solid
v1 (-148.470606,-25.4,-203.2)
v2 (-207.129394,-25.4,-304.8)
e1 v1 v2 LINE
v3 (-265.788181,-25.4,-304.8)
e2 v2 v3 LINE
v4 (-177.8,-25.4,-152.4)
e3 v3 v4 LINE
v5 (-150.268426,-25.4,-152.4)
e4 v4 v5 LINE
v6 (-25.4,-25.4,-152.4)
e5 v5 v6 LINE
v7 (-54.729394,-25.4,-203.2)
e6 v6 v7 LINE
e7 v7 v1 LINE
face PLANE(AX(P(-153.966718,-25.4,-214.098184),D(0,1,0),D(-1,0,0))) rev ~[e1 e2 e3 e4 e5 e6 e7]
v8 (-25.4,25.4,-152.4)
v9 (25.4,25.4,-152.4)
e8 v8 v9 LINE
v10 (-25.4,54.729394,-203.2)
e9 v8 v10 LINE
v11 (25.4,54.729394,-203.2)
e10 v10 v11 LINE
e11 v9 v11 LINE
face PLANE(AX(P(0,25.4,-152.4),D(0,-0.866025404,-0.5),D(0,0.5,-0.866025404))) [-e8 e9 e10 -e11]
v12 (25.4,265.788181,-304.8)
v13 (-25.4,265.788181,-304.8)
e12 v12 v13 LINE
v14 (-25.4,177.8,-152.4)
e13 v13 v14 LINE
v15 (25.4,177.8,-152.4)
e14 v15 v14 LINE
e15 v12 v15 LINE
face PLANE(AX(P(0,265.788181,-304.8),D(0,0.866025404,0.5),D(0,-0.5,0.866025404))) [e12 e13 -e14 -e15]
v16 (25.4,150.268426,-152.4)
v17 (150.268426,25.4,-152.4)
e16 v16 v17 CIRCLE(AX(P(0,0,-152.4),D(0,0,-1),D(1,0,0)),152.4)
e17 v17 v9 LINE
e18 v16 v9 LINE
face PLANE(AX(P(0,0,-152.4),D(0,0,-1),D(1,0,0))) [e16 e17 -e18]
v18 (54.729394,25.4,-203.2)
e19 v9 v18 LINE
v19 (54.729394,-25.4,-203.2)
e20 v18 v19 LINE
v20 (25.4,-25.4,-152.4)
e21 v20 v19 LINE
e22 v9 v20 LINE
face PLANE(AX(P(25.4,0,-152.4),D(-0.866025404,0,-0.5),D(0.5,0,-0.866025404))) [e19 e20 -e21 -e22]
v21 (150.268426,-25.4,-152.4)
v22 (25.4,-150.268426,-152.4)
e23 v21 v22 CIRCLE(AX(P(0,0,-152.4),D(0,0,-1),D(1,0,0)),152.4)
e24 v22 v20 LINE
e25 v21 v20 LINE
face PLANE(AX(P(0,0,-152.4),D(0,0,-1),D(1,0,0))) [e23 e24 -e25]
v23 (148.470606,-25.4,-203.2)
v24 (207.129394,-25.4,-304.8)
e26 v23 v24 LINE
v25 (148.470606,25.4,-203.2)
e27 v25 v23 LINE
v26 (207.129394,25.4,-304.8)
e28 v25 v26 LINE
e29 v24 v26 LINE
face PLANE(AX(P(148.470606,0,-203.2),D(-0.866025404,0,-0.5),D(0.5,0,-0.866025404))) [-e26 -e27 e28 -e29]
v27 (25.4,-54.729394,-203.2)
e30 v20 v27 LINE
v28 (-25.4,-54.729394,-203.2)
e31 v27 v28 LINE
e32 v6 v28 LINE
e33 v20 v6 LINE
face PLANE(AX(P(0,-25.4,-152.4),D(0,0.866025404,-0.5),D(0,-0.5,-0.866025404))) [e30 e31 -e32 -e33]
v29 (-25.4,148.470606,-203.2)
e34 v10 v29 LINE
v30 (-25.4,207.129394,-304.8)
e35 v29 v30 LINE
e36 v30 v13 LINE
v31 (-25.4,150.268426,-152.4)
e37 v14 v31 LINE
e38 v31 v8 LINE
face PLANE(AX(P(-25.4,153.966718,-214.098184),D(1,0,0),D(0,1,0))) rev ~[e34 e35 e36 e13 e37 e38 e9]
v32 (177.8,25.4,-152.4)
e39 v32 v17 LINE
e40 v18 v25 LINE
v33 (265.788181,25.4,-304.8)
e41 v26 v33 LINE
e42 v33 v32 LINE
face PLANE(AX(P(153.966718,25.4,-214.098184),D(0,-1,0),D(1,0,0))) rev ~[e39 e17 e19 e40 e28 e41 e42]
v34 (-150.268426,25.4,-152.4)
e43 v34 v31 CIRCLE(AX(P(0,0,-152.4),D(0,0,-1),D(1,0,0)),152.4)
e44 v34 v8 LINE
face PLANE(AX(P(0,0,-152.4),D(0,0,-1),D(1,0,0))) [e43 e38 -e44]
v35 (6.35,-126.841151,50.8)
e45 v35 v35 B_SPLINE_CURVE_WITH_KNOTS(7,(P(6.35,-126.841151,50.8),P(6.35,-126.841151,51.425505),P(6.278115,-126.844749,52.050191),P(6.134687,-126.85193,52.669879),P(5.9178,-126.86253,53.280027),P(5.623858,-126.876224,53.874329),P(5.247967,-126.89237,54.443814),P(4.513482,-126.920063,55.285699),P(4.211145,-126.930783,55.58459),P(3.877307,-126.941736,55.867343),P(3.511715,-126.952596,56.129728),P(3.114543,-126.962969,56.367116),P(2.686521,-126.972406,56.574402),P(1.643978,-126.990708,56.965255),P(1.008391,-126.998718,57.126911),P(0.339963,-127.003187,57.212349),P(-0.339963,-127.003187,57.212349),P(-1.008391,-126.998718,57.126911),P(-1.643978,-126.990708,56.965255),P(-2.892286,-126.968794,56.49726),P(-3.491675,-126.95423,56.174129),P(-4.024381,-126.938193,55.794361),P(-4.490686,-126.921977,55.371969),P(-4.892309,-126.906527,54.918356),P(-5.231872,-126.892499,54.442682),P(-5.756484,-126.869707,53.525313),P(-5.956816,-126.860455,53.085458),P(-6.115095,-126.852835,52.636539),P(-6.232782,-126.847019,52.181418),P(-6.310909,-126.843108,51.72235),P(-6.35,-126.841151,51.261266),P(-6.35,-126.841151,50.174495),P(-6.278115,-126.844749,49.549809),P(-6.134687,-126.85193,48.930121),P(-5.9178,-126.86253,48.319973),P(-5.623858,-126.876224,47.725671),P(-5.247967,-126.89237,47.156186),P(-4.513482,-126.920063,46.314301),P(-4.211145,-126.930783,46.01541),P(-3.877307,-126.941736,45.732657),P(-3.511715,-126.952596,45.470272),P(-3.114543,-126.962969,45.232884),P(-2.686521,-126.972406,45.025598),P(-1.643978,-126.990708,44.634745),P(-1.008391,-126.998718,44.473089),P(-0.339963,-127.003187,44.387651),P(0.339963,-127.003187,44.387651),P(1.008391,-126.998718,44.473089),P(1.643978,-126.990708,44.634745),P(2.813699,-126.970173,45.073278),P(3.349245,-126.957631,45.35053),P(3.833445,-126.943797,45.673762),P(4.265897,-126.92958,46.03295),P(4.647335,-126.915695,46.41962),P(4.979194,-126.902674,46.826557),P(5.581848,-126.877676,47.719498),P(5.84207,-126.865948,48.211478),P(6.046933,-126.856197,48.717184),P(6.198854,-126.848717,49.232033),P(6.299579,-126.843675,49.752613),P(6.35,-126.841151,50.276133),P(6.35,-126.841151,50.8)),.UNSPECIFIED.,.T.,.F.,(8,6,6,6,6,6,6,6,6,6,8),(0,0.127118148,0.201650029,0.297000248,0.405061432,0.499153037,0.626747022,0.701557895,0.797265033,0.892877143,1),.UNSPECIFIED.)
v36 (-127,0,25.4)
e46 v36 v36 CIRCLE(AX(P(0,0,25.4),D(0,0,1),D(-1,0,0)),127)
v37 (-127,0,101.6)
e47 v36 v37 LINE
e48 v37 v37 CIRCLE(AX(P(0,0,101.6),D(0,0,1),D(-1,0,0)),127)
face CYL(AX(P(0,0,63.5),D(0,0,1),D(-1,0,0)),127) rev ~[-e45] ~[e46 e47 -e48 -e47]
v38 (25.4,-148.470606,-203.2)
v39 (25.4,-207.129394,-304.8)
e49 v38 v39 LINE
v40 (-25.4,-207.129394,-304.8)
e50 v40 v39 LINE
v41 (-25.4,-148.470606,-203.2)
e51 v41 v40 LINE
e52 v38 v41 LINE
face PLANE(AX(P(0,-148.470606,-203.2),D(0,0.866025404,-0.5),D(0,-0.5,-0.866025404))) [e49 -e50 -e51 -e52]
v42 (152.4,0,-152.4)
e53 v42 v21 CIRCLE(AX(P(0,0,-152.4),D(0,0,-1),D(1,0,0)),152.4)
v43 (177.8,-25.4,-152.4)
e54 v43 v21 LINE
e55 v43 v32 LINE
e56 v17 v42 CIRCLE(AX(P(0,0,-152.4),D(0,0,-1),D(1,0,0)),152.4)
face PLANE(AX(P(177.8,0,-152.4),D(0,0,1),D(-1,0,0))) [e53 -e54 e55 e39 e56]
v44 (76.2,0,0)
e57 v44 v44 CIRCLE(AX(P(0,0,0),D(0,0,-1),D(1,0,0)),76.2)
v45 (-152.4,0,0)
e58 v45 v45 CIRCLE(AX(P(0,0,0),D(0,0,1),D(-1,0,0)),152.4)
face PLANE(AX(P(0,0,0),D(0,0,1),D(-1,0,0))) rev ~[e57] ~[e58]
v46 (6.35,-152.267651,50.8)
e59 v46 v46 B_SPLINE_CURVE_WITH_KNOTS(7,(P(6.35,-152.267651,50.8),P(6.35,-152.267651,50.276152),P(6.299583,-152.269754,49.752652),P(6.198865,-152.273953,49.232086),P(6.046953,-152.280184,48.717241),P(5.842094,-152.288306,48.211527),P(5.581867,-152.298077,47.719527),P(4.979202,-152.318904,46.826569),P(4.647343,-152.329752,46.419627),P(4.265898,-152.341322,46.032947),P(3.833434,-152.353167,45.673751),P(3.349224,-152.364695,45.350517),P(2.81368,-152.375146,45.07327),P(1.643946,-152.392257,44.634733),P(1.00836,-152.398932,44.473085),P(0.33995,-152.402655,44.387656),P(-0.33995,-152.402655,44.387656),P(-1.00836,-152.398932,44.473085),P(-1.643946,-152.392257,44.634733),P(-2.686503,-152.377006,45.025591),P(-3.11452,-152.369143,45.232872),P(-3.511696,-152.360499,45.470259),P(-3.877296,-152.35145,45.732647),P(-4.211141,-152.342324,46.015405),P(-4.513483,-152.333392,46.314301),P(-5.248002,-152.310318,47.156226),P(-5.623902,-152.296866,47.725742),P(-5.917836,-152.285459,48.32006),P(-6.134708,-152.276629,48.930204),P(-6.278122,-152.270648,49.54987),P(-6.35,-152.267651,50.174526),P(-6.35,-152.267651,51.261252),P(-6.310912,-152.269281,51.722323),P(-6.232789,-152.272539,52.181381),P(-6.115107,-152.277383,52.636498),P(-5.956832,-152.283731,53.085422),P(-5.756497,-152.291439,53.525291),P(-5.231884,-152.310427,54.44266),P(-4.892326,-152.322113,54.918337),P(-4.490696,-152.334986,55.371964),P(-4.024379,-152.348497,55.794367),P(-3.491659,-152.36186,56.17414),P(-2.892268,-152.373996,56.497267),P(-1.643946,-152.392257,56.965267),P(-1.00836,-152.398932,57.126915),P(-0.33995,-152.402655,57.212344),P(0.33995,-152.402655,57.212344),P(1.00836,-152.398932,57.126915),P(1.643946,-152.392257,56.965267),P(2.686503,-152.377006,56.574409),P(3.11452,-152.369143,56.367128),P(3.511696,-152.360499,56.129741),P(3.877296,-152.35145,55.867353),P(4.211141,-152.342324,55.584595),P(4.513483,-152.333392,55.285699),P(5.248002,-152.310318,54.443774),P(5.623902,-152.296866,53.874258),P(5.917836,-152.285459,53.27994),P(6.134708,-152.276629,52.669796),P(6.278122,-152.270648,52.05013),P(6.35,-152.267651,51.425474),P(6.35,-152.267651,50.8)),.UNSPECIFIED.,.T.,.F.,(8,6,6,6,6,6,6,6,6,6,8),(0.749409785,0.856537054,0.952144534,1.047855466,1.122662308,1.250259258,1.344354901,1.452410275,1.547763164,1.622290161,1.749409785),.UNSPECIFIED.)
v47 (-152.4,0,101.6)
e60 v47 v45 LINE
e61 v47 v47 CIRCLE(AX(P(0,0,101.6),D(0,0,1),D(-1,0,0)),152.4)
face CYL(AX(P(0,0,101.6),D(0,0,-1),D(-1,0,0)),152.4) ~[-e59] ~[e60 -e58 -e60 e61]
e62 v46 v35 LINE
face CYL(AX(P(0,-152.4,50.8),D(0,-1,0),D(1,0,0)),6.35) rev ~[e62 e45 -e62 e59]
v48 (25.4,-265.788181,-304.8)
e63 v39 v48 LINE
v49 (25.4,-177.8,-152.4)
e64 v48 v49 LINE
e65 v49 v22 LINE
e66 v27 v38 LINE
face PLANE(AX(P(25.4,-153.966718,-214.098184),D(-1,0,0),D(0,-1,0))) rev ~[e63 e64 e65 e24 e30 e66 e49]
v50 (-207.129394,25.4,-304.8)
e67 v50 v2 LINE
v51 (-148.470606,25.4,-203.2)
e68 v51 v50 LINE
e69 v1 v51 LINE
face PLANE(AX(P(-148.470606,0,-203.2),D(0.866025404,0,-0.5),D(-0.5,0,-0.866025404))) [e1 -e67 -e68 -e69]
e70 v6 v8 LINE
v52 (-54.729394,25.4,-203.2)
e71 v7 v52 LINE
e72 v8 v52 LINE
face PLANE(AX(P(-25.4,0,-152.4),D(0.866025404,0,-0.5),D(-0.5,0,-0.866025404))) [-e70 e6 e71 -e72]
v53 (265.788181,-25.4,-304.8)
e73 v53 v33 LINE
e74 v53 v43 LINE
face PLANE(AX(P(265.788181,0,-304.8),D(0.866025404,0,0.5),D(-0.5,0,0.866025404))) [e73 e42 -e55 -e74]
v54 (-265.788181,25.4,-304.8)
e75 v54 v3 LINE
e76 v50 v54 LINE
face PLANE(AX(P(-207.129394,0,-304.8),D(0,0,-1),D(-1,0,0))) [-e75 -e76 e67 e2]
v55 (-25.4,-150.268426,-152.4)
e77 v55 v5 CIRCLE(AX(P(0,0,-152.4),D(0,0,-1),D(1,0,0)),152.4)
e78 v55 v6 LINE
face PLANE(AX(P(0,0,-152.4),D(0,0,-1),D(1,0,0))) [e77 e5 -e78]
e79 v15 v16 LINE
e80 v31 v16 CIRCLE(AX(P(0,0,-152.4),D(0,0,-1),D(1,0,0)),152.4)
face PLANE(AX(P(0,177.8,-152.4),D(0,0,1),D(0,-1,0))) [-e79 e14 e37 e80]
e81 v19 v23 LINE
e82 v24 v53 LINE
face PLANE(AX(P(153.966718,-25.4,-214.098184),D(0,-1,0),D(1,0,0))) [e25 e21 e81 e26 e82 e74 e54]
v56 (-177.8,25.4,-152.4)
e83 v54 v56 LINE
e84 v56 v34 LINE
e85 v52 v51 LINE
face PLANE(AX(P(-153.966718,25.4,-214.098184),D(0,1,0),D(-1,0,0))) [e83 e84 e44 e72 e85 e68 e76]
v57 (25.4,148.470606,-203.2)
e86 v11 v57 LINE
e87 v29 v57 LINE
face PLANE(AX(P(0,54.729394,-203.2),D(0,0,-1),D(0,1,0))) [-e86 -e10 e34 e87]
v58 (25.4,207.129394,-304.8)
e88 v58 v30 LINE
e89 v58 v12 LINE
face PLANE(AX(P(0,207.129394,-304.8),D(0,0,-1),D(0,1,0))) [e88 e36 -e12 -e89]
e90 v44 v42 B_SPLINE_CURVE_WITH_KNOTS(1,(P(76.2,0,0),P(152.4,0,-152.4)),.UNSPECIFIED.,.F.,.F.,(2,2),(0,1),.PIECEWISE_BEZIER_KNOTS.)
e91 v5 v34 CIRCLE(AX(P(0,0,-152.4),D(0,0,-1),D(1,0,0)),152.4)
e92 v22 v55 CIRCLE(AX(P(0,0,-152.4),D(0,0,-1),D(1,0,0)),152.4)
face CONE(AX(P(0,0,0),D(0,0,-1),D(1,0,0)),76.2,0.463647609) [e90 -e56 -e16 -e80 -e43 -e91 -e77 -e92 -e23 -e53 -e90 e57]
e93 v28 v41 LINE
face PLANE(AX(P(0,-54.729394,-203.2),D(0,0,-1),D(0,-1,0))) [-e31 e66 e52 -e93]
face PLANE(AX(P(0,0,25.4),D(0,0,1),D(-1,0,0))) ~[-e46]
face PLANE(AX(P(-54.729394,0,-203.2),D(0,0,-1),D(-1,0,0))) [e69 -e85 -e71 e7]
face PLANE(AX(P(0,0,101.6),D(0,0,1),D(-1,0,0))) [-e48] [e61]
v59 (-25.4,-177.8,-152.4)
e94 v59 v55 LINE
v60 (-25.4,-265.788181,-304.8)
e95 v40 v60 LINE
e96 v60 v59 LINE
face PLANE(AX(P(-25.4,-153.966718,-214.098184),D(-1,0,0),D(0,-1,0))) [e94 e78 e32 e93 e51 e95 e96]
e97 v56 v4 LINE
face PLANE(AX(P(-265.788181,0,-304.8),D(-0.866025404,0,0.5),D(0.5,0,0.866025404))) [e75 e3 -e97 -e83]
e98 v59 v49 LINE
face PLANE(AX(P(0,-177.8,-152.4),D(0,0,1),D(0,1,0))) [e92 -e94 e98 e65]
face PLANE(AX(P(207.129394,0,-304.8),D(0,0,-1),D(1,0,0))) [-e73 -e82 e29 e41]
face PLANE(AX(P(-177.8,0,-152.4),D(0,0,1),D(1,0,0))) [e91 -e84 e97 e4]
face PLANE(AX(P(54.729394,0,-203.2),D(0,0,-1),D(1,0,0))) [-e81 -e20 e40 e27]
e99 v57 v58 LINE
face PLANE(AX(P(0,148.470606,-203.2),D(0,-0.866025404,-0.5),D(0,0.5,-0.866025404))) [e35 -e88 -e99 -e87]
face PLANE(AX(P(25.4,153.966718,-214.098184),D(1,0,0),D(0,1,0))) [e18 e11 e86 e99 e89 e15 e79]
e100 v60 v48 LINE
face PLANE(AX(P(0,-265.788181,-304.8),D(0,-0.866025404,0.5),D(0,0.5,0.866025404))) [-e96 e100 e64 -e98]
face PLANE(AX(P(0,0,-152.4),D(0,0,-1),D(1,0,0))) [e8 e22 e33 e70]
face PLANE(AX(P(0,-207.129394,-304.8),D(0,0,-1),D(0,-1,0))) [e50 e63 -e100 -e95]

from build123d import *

# Parameters (mm, degrees)
F0_W      = 25.4
F0_H      = 76.2
F3_R      = 6.35
F4_DEPTH  = 50.8
F5_R      = 76.2
F7_R      = 152.4
F10_DEPTH = 25.4
F11_COUNT = 4


with BuildPart() as f1:
    # F0 (on Front) → F1 (revolve)
    with BuildSketch(Plane.XZ):
        with Locations((-139.7, 63.5)):
            Rectangle(F0_W, F0_H)
        Polygon((-152.4, 0), (0, 0), (0, 25.4), (-127, 25.4), (-152.4, 25.4), align=None)
    revolve(axis=Axis((0, 0, 12.7), (0, 0, 1)))

    # F3 (on offset) → F4 (cut)
    with BuildSketch(Plane.XZ.offset(152.4)):
        with Locations((0, 50.8)):
            Circle(F3_R)
    extrude(amount=-F4_DEPTH, mode=Mode.SUBTRACT)

    # F5 (on face) → F8 section 0
    with BuildSketch(Plane(origin=(0, 0, 0), x_dir=(1, 0, 0), z_dir=(0, 0, -1))):
        Circle(F5_R)
    # F7 (on offset) → F8 section 1
    with BuildSketch(Plane(origin=(0, 0, -152.4), x_dir=(1, 0, 0), z_dir=(0, 0, -1))):
        Circle(F7_R)
    loft()



with BuildPart() as f10:
    # F9 (on Right) → F10 (new body, symmetric)
    with BuildSketch(Plane.YZ):
        Polygon((177.8, -152.4), (25.4, -152.4), (54.7293936748, -203.2), (148.4706063252, -203.2), (207.1293936748, -304.8), (265.7881810245, -304.8), align=None)
    extrude(amount=F10_DEPTH, both=True)


with BuildPart() as f1_1:
    add(f1.part)

    add(f10.part)  # F11 merges F10
    # F11: F10 ×4 about axis
    f11_axis = Axis((0, 0, 0), (0, 0, -1))
    for i in range(1, F11_COUNT):
        add(f10.part.rotate(f11_axis, i * 360 / F11_COUNT))


solid = f1_1.part
